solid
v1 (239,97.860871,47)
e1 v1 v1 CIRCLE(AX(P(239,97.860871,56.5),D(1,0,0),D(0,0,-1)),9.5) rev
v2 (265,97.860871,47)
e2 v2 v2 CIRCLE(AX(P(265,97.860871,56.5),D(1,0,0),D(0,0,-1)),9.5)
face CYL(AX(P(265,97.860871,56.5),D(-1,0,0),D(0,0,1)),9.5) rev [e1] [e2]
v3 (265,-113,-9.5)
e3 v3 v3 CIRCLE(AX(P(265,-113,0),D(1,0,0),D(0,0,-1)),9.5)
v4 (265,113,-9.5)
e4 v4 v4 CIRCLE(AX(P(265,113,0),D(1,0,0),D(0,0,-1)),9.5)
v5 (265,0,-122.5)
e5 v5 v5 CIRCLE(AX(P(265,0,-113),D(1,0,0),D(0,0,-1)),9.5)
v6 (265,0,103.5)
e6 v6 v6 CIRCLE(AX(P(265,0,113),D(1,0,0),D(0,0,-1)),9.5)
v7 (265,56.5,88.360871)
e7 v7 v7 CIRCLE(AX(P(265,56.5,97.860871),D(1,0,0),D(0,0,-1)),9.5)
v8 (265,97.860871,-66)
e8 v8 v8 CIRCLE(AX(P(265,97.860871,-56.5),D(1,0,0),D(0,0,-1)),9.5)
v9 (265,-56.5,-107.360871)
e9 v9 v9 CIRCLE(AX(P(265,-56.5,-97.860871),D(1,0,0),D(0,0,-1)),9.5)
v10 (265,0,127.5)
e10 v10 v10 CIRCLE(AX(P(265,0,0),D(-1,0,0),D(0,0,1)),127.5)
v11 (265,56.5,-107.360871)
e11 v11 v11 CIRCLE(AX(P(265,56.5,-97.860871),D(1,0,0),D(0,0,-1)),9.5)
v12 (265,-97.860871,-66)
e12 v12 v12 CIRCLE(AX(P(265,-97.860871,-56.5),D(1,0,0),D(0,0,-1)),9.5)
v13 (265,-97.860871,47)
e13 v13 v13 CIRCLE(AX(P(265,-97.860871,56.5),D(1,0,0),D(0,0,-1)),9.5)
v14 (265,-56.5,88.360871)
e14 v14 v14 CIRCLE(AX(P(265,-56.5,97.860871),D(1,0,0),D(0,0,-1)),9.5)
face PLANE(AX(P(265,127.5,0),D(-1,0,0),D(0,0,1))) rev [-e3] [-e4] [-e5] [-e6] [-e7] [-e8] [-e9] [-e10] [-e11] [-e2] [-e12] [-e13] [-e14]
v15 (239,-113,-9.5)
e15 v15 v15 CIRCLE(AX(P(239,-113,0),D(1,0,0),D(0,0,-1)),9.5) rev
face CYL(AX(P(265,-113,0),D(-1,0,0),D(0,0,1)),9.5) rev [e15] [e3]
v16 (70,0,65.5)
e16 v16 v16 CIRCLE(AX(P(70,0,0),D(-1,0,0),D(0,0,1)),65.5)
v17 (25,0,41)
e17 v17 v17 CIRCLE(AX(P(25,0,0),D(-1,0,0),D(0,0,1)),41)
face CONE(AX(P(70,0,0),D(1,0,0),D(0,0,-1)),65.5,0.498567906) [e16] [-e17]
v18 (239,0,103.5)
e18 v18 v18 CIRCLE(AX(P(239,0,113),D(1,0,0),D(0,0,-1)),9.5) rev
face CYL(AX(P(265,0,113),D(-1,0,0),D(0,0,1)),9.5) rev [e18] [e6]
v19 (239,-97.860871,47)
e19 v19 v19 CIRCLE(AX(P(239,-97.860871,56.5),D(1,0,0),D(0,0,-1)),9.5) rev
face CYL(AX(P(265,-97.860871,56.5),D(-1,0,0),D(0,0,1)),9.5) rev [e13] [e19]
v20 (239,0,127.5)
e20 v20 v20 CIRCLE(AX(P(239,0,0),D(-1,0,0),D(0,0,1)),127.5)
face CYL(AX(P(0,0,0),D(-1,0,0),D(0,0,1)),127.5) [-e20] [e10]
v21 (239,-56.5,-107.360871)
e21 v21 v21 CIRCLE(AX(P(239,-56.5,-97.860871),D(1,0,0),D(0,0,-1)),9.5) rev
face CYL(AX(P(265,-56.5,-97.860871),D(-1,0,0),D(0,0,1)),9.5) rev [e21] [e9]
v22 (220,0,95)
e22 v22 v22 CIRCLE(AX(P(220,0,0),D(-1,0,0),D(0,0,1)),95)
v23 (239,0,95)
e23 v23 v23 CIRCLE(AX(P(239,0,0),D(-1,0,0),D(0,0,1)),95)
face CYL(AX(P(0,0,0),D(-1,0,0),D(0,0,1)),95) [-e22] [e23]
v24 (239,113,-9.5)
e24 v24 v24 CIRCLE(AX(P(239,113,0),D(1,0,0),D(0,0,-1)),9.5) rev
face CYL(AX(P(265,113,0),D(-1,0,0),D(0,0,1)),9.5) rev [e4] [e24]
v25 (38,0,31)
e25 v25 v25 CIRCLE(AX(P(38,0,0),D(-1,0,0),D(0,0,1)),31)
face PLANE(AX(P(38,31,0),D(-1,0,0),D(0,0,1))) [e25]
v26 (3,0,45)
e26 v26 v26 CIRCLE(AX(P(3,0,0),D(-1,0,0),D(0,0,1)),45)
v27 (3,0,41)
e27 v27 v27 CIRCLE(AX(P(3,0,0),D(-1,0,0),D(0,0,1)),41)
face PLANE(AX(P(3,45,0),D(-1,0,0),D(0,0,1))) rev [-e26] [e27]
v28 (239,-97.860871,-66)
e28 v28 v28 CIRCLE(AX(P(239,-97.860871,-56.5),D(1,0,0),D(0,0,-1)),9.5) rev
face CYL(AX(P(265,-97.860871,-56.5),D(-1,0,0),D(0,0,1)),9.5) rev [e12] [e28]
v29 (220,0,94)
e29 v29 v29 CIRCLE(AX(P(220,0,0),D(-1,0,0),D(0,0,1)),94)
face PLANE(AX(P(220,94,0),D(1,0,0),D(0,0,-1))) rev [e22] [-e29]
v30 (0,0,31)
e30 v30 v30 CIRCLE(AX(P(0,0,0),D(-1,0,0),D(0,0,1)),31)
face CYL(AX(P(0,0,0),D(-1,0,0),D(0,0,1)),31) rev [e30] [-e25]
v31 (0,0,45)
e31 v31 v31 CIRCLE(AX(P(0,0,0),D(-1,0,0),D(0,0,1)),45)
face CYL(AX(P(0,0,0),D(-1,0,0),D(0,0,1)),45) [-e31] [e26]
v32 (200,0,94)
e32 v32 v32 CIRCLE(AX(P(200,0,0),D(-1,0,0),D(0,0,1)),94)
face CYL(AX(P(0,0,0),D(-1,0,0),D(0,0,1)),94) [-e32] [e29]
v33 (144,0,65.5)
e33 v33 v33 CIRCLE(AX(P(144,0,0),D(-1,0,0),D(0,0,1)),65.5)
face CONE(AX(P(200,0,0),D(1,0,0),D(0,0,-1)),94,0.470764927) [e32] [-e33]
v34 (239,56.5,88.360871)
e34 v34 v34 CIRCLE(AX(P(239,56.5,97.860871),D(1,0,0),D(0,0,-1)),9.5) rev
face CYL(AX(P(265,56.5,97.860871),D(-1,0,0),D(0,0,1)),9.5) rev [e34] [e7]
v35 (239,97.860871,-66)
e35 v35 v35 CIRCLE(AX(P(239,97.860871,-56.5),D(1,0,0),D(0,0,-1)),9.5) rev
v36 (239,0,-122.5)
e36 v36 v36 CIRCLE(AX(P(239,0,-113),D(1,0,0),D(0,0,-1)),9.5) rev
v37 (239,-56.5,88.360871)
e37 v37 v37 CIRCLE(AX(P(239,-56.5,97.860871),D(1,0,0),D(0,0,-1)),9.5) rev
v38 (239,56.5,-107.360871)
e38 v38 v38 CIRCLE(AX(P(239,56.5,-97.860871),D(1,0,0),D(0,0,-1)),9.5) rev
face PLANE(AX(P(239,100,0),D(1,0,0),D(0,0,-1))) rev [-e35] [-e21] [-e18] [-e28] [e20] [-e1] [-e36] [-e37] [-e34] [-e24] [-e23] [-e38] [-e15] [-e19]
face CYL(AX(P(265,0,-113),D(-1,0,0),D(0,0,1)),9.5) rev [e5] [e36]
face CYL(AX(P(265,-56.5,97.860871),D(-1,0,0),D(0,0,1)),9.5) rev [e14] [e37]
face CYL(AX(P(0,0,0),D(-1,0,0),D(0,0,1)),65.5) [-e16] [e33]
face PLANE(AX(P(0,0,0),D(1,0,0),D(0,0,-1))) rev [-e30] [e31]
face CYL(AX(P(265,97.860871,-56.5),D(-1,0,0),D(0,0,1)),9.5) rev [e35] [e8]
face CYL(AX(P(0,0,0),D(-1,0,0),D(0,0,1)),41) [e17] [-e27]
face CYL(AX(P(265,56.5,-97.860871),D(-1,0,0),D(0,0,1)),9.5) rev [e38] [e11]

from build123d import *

# Parameters (mm, degrees)
SKETCH_2_W           = 38
SKETCH_2_H           = 31
SKETCH_3_R           = 9.5
CUT_EXTRUDE_1_DEPTH  = 321.526909947
SKETCH_4_R           = 9.5
CUT_EXTRUDE_2_DEPTH  = 321.526909947
SKETCH_5_R           = 9.5
CUT_EXTRUDE_3_DEPTH  = 321.526909947
SKETCH_6_R           = 9.5
CUT_EXTRUDE_4_DEPTH  = 321.526909947
SKETCH_7_R           = 9.5
CUT_EXTRUDE_5_DEPTH  = 321.526909947
SKETCH_8_R           = 9.5
CUT_EXTRUDE_6_DEPTH  = 321.526909947
SKETCH_9_R           = 9.5
CUT_EXTRUDE_7_DEPTH  = 321.526909947
SKETCH_10_R          = 9.5
CUT_EXTRUDE_8_DEPTH  = 321.526909947
SKETCH_11_R          = 9.5
CUT_EXTRUDE_9_DEPTH  = 321.526909947
SKETCH_12_R          = 9.5
CUT_EXTRUDE_10_DEPTH = 321.526909947
SKETCH_13_R          = 9.5
CUT_EXTRUDE_11_DEPTH = 321.526909947
SKETCH_14_R          = 9.5
CUT_EXTRUDE_12_DEPTH = 321.526909947


with BuildPart() as part:
    # Эскиз1 → Повернуть1 (revolve)
    with BuildSketch(Plane.XY, mode=Mode.PRIVATE) as revolve_1_sk:
        Polygon((0, 0), (265, 0), (265, 127.5), (239, 127.5), (239, 100), (239, 95), (220, 95), (220, 94), (200, 94), (144, 65.5), (70, 65.5), (25, 41), (3, 41), (3, 45), (0, 45), align=None)
    revolve(revolve_1_sk.sketch.rotate(Axis((0, 0, 0), (1, 0, 0)), 90), axis=Axis((0, 0, 0), (1, 0, 0)))

    # Эскиз2 → Вырез-Повернуть1 (revolve, cut)
    with BuildSketch(Plane.XY, mode=Mode.PRIVATE) as cut_revolve_1_sk:
        with Locations((19, 15.5)):
            Rectangle(SKETCH_2_W, SKETCH_2_H)
    revolve(cut_revolve_1_sk.sketch.rotate(Axis((0, 0, 0), (1, 0, 0)), 90), axis=Axis((0, 0, 0), (1, 0, 0)), mode=Mode.SUBTRACT)

    # Эскиз3 → Вырез-Вытянуть1 (cut, through all)
    with BuildSketch(Plane(origin=(0, 0, 0), x_dir=(0, 0, -1), z_dir=(1, 0, 0))):
        with Locations((0, 113)):
            Circle(SKETCH_3_R)
    extrude(amount=CUT_EXTRUDE_1_DEPTH, mode=Mode.SUBTRACT)

    # Эскиз4 → Вырез-Вытянуть2 (cut, through all)
    with BuildSketch(Plane(origin=(0, 0, 0), x_dir=(0, 0, -1), z_dir=(1, 0, 0))):
        with Locations((-56.5, 97.860870628)):
            Circle(SKETCH_4_R)
    extrude(amount=CUT_EXTRUDE_2_DEPTH, mode=Mode.SUBTRACT)

    # Эскиз5 → Вырез-Вытянуть3 (cut, through all)
    with BuildSketch(Plane(origin=(0, 0, 0), x_dir=(0, 0, -1), z_dir=(1, 0, 0))):
        with Locations((-97.860870628, 56.5)):
            Circle(SKETCH_5_R)
    extrude(amount=CUT_EXTRUDE_3_DEPTH, mode=Mode.SUBTRACT)

    # Эскиз6 → Вырез-Вытянуть4 (cut, through all)
    with BuildSketch(Plane(origin=(0, 0, 0), x_dir=(0, 0, -1), z_dir=(1, 0, 0))):
        with Locations((-113, 0)):
            Circle(SKETCH_6_R)
    extrude(amount=CUT_EXTRUDE_4_DEPTH, mode=Mode.SUBTRACT)

    # Эскиз7 → Вырез-Вытянуть5 (cut, through all)
    with BuildSketch(Plane(origin=(0, 0, 0), x_dir=(0, 0, -1), z_dir=(1, 0, 0))):
        with Locations((-97.860870628, -56.5)):
            Circle(SKETCH_7_R)
    extrude(amount=CUT_EXTRUDE_5_DEPTH, mode=Mode.SUBTRACT)

    # Эскиз8 → Вырез-Вытянуть6 (cut, through all)
    with BuildSketch(Plane(origin=(0, 0, 0), x_dir=(0, 0, -1), z_dir=(1, 0, 0))):
        with Locations((-56.5, -97.860870628)):
            Circle(SKETCH_8_R)
    extrude(amount=CUT_EXTRUDE_6_DEPTH, mode=Mode.SUBTRACT)

    # Эскиз9 → Вырез-Вытянуть7 (cut, through all)
    with BuildSketch(Plane(origin=(0, 0, 0), x_dir=(0, 0, -1), z_dir=(1, 0, 0))):
        with Locations((0, -113)):
            Circle(SKETCH_9_R)
    extrude(amount=CUT_EXTRUDE_7_DEPTH, mode=Mode.SUBTRACT)

    # Эскиз10 → Вырез-Вытянуть8 (cut, through all)
    with BuildSketch(Plane(origin=(0, 0, 0), x_dir=(0, 0, -1), z_dir=(1, 0, 0))):
        with Locations((56.5, -97.860870628)):
            Circle(SKETCH_10_R)
    extrude(amount=CUT_EXTRUDE_8_DEPTH, mode=Mode.SUBTRACT)

    # Эскиз11 → Вырез-Вытянуть9 (cut, through all)
    with BuildSketch(Plane(origin=(0, 0, 0), x_dir=(0, 0, -1), z_dir=(1, 0, 0))):
        with Locations((97.860870628, -56.5)):
            Circle(SKETCH_11_R)
    extrude(amount=CUT_EXTRUDE_9_DEPTH, mode=Mode.SUBTRACT)

    # Эскиз12 → Вырез-Вытянуть10 (cut, through all)
    with BuildSketch(Plane(origin=(0, 0, 0), x_dir=(0, 0, -1), z_dir=(1, 0, 0))):
        with Locations((113, 0)):
            Circle(SKETCH_12_R)
    extrude(amount=CUT_EXTRUDE_10_DEPTH, mode=Mode.SUBTRACT)

    # Эскиз13 → Вырез-Вытянуть11 (cut, through all)
    with BuildSketch(Plane(origin=(0, 0, 0), x_dir=(0, 0, -1), z_dir=(1, 0, 0))):
        with Locations((97.860870628, 56.5)):
            Circle(SKETCH_13_R)
    extrude(amount=CUT_EXTRUDE_11_DEPTH, mode=Mode.SUBTRACT)

    # Эскиз14 → Вырез-Вытянуть12 (cut, through all)
    with BuildSketch(Plane(origin=(0, 0, 0), x_dir=(0, 0, -1), z_dir=(1, 0, 0))):
        with Locations((56.5, 97.860870628)):
            Circle(SKETCH_14_R)
    extrude(amount=CUT_EXTRUDE_12_DEPTH, mode=Mode.SUBTRACT)


solid = part.part
